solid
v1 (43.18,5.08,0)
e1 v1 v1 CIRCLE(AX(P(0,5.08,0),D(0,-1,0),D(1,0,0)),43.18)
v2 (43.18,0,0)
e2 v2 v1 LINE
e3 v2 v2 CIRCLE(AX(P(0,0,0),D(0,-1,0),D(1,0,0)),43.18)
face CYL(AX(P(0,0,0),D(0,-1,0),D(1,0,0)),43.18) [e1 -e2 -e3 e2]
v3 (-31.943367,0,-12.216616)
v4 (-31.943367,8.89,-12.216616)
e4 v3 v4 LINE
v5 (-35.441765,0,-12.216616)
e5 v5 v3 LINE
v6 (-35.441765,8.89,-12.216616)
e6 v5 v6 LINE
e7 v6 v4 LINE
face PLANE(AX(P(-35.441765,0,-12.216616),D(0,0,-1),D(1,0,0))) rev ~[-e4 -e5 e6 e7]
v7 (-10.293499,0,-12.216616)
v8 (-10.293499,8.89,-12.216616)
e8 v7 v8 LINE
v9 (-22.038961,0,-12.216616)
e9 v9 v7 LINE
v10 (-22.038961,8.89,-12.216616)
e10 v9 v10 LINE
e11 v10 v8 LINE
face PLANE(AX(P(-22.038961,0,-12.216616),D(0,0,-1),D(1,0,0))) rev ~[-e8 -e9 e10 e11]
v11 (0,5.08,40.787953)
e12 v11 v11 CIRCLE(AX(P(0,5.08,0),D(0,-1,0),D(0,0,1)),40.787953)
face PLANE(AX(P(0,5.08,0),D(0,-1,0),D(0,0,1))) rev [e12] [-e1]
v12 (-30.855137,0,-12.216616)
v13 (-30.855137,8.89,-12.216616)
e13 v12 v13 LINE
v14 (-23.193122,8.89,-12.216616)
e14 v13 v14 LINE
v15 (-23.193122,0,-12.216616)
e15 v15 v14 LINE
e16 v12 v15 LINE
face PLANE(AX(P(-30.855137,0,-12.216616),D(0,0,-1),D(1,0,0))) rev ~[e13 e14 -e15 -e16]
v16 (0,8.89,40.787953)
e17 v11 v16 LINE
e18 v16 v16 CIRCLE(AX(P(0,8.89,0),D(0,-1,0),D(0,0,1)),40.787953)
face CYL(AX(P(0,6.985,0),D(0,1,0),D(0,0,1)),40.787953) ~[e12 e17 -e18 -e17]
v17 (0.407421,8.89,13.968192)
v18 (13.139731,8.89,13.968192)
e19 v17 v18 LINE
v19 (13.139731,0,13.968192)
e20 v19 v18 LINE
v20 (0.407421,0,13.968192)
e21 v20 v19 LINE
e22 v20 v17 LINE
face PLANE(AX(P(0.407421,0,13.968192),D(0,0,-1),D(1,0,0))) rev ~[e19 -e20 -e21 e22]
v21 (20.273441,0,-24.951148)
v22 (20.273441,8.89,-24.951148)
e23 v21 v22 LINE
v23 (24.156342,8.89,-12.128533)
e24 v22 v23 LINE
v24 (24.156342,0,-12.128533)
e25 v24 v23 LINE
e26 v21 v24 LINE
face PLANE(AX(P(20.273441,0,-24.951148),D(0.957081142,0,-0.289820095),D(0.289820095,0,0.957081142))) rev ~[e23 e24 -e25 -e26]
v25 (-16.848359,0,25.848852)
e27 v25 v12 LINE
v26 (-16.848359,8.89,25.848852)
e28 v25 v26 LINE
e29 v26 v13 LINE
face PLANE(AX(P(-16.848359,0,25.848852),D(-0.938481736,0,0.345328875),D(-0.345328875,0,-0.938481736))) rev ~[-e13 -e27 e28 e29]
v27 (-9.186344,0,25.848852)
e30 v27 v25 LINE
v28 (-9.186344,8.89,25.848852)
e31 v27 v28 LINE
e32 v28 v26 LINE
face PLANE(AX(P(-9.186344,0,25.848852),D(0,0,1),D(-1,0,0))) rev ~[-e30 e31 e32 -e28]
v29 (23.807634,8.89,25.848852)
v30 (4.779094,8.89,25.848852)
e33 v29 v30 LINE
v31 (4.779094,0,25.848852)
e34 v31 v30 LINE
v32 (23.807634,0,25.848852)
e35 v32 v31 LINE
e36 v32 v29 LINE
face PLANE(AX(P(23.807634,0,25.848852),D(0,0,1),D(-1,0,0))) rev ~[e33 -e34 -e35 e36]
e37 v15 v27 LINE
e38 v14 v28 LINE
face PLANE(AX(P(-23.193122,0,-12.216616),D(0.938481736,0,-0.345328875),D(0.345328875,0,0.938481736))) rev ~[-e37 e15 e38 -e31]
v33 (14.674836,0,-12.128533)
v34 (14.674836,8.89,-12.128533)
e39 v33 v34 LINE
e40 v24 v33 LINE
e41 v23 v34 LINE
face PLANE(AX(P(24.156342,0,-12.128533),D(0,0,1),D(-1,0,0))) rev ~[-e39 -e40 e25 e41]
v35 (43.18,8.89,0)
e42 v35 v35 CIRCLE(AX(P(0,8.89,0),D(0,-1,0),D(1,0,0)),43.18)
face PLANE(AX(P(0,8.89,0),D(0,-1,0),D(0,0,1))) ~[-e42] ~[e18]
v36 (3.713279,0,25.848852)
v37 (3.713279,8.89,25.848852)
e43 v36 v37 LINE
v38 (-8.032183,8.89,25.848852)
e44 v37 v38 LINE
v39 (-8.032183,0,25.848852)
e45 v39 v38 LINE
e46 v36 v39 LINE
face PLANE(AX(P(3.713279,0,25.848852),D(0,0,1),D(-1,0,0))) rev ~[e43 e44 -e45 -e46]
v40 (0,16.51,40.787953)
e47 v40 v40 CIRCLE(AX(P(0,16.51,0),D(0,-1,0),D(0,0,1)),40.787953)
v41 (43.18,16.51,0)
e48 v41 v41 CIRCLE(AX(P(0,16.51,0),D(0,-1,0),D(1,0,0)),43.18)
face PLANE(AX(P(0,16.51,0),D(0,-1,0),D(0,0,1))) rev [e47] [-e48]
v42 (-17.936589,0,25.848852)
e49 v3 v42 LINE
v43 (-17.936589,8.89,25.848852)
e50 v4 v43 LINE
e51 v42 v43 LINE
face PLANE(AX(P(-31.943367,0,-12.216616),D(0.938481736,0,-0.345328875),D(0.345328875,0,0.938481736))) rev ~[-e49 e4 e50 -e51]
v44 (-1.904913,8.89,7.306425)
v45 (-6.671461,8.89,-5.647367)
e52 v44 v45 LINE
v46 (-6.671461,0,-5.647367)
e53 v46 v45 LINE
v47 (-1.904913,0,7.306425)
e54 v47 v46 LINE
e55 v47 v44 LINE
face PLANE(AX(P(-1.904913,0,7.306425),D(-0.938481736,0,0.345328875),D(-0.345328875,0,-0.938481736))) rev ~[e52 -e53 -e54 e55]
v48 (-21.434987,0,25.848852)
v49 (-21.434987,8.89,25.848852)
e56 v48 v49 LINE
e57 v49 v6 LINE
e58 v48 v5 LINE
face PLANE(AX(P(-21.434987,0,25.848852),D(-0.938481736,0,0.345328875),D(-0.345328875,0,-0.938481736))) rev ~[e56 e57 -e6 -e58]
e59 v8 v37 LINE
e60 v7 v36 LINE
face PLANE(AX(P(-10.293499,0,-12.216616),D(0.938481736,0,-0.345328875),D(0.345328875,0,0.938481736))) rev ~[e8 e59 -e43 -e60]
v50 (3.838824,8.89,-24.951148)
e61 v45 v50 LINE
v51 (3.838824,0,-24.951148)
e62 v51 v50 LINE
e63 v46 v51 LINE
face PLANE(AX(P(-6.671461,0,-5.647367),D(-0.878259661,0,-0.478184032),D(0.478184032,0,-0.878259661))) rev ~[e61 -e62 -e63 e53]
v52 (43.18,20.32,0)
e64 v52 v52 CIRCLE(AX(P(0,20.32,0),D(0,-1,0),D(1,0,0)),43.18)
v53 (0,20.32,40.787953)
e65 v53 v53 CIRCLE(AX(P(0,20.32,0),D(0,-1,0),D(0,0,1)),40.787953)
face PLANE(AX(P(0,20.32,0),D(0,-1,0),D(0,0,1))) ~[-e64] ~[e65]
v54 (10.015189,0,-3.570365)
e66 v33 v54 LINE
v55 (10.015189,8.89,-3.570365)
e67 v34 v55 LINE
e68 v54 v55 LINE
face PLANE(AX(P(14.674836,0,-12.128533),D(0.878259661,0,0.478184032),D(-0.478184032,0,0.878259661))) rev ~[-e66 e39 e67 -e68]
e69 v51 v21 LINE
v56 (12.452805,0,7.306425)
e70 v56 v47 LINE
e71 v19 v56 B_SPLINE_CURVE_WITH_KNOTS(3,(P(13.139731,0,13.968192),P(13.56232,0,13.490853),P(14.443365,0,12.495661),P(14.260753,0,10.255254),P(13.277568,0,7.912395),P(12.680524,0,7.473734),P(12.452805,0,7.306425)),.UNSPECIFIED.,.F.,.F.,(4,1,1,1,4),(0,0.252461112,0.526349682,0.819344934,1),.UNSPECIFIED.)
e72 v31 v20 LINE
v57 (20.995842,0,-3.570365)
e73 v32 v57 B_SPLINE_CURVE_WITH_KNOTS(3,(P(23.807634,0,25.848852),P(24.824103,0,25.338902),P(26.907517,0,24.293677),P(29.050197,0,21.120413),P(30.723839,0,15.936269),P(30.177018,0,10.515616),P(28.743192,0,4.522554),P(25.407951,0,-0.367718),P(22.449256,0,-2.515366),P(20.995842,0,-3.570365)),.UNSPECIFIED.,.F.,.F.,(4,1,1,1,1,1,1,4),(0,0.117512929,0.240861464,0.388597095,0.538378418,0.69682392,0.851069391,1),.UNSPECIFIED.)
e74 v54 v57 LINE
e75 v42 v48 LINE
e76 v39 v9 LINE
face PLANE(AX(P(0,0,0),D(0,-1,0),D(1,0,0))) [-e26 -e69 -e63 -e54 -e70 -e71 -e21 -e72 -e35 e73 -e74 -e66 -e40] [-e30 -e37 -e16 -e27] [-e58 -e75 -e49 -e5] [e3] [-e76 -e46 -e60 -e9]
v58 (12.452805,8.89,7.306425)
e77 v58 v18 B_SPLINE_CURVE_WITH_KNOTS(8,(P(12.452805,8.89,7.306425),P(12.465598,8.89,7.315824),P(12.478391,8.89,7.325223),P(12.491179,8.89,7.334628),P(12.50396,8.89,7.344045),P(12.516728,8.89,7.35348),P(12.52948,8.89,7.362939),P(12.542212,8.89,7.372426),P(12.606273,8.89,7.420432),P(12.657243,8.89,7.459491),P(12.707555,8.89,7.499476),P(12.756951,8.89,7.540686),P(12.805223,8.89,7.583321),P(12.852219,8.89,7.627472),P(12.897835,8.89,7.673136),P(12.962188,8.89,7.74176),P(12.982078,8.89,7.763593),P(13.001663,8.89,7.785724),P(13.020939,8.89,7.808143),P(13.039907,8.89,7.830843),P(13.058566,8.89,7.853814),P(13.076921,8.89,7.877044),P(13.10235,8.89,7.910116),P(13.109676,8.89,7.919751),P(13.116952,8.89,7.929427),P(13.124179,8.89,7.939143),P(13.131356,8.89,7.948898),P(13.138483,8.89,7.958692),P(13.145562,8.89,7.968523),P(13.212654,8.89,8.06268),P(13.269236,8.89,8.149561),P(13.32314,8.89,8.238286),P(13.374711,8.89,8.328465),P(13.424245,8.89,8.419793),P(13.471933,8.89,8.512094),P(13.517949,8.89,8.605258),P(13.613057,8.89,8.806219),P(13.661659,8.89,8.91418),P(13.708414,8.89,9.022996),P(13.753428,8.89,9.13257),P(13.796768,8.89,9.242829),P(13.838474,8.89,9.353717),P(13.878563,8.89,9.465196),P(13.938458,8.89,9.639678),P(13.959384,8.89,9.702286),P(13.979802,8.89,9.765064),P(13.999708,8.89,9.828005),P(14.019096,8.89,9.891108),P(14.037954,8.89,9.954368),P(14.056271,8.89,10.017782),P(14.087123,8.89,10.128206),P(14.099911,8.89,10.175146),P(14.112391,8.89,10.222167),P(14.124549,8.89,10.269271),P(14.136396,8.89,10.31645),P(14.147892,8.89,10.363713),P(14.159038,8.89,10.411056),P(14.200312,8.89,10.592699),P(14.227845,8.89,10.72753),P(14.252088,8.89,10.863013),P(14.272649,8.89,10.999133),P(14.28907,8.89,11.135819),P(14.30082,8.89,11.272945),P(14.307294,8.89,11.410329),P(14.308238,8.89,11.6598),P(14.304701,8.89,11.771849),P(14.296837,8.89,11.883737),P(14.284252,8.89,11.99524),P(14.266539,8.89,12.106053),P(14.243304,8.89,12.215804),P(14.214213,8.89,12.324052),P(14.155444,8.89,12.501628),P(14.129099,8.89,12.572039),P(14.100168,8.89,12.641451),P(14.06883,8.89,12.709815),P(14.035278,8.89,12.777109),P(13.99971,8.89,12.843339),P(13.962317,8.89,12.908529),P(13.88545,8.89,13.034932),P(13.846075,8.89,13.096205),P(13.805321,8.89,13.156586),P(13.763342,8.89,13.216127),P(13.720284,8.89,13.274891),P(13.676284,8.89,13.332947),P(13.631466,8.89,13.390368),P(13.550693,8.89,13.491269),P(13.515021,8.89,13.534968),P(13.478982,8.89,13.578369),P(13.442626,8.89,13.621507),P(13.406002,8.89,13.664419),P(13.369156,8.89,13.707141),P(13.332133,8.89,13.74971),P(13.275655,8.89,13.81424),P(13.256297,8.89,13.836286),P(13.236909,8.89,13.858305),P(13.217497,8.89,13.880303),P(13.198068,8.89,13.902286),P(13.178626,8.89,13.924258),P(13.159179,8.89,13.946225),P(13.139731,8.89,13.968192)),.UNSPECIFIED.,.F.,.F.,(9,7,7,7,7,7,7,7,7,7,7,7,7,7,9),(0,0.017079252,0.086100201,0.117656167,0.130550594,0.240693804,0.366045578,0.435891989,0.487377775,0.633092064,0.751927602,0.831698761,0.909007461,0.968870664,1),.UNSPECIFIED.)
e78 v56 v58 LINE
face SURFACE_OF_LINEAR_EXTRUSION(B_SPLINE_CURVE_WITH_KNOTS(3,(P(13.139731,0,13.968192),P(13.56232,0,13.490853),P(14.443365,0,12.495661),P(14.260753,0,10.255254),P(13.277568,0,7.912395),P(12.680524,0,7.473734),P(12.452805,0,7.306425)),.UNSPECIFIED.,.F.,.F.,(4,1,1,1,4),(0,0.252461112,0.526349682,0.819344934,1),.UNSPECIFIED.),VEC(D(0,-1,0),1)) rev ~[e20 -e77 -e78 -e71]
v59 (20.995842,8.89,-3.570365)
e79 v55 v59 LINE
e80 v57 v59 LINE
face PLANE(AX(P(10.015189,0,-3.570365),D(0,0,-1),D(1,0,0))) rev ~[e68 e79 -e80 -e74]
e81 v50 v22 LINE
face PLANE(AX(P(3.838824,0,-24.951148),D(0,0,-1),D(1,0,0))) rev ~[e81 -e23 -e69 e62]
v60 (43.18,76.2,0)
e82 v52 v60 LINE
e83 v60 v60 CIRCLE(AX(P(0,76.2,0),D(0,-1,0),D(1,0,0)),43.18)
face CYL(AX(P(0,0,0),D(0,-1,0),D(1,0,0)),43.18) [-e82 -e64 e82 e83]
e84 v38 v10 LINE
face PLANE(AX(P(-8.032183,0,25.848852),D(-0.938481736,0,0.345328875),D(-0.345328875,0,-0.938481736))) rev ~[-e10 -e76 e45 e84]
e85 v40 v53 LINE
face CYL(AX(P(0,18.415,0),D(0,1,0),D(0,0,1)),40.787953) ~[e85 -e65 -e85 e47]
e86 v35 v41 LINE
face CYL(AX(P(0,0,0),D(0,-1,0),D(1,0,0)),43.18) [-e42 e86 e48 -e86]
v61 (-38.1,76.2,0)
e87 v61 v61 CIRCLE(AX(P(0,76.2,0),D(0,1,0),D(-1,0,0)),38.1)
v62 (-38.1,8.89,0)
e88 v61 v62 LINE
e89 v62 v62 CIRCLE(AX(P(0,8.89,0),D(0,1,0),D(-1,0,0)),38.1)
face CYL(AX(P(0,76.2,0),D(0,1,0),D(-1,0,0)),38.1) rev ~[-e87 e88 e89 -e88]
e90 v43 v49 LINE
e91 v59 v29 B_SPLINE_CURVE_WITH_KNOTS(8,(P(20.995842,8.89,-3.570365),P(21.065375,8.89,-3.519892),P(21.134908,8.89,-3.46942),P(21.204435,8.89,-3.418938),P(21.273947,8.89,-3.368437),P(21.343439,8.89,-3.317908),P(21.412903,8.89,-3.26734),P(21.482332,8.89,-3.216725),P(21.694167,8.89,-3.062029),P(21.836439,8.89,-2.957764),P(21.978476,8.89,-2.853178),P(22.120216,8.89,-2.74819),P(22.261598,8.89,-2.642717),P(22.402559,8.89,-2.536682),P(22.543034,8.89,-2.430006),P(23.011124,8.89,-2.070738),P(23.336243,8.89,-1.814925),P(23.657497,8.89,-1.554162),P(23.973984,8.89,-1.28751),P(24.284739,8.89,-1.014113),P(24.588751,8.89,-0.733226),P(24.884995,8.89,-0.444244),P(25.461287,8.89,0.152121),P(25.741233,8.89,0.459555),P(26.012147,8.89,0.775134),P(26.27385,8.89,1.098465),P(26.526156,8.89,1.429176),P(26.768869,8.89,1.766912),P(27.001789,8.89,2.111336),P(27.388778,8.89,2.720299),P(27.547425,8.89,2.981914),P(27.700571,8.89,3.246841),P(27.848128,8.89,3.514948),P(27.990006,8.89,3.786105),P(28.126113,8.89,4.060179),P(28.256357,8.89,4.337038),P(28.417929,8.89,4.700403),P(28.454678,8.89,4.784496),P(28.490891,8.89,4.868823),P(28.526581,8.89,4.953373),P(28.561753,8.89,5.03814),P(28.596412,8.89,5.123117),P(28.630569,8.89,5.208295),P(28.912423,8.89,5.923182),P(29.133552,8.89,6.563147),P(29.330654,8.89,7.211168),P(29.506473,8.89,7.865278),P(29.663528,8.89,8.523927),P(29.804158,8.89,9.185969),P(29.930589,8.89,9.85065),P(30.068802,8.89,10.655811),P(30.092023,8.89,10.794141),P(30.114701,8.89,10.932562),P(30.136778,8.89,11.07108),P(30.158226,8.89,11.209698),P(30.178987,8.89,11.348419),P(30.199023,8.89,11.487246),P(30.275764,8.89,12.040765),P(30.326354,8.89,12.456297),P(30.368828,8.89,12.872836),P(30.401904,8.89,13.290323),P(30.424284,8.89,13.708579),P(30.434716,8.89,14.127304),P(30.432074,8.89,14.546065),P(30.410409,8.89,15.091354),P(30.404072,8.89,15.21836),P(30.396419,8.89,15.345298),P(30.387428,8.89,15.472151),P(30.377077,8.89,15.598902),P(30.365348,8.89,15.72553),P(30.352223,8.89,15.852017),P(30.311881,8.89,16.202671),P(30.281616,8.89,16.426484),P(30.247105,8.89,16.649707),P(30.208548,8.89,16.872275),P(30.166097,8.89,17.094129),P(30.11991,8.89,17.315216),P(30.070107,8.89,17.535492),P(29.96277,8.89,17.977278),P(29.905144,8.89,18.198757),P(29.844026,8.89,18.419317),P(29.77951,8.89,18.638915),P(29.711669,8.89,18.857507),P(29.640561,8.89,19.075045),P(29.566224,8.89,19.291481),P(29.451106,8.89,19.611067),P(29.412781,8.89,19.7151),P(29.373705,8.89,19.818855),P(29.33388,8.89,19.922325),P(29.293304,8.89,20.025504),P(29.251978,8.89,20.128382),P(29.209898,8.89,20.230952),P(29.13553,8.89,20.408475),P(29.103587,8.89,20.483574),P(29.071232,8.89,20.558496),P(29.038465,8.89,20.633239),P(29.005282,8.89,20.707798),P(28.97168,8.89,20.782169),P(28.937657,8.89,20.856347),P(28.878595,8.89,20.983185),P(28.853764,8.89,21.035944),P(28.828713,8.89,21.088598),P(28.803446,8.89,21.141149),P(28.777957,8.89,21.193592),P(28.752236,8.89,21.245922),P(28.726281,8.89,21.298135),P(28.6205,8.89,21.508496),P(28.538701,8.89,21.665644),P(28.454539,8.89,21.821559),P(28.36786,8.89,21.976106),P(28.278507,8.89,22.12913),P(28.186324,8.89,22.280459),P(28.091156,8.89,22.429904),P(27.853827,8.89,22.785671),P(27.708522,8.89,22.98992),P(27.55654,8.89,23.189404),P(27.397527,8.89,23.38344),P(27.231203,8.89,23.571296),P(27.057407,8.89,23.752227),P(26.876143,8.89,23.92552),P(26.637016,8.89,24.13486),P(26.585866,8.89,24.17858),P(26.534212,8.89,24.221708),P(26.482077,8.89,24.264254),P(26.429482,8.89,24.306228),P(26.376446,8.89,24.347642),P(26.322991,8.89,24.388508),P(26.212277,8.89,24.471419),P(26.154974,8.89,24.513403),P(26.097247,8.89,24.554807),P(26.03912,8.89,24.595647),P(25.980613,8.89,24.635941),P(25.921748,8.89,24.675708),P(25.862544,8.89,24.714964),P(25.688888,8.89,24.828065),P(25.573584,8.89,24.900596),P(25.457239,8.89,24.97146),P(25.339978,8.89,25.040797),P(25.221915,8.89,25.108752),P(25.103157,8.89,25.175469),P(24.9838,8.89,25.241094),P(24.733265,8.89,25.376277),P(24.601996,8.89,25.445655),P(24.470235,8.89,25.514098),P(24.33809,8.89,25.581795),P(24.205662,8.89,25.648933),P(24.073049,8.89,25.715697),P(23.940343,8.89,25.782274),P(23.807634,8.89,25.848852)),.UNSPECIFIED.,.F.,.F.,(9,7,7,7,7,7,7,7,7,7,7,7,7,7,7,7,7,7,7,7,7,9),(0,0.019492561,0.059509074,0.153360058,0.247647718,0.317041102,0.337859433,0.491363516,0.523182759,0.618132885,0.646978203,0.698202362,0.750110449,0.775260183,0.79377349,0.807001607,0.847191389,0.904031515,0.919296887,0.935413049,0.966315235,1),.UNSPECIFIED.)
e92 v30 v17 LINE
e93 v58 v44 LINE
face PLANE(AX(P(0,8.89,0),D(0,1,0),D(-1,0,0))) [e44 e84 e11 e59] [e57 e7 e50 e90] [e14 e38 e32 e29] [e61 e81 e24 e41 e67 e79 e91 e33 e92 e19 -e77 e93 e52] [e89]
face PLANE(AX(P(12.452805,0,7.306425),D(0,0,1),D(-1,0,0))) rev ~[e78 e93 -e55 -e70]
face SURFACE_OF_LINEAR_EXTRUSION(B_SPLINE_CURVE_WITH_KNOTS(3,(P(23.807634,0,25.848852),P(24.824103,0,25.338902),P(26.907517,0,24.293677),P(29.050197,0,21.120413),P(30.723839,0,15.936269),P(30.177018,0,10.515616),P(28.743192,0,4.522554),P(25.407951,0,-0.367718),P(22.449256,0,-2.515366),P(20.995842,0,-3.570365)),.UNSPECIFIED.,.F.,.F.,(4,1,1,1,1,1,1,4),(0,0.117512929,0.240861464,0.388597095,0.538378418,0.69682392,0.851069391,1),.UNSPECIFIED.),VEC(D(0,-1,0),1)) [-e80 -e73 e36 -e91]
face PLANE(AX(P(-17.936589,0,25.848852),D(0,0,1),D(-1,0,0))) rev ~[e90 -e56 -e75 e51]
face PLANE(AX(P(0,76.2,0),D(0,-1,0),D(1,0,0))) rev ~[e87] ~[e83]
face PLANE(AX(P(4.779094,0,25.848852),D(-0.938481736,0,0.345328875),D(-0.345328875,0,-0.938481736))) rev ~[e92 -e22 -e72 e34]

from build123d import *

# Parameters (mm, degrees)
F0_R     = 43.18
F1_DEPTH = 76.2
F3_DEPTH = 76.201
F4_R     = 38.1
F5_DEPTH = 67.31
F6_W     = 3.81
F6_H     = 2.54


with BuildPart() as f1:
    # F0 (on Front) → F1 (new body)
    with BuildSketch(Plane.XZ):
        Circle(F0_R)
    extrude(amount=-F1_DEPTH)

    # F2 (on Front) → F3 (cut, through all)
    with BuildSketch(Plane.XZ):
        Polygon((-21.434986513, 25.8488521843), (-35.4417645981, -12.2166163401), (-31.9433667717, -12.2166163401), (-17.9365886866, 25.8488521843), align=None)
        Polygon((-22.0389613365, -12.2166163401), (-10.2934986338, -12.2166163401), (3.7132794513, 25.8488521843), (-8.0321832514, 25.8488521843), align=None)
        Polygon((-16.8483592018, 25.8488521843), (-30.8551372869, -12.2166163401), (-23.1931219477, -12.2166163401), (-9.1863438626, 25.8488521843), align=None)
        with BuildLine():
            Line((4.7790936304, 25.8488521843), (0.4074209647, 13.9681921752))
            Line((0.4074209647, 13.9681921752), (13.1397311344, 13.9681921752))
            add(Edge.make_bspline(
                [(13.1397311344, 13.9681921752), (13.5623199674, 13.4908529986), (14.4433645606, 12.4956608219), (14.2607531046, 10.2552541119), (13.2775679328, 7.9123953601), (12.6805237168, 7.4737343771), (12.4528049578, 7.3064246)],
                knots=[0, 0, 0, 0, 0.2524611124, 0.5263496824, 0.8193449335, 1, 1, 1, 1], degree=3))
            Line((12.4528049578, 7.3064246), (-1.9049127084, 7.3064246))
            Line((-1.9049127084, 7.3064246), (-6.6714608383, -5.6473672505))
            Line((-6.6714608383, -5.6473672505), (3.8388244906, -24.9511478157))
            Line((3.8388244906, -24.9511478157), (20.2734413777, -24.9511478157))
            Line((20.2734413777, -24.9511478157), (24.1563424543, -12.1285331834))
            Line((24.1563424543, -12.1285331834), (14.6748356249, -12.1285331834))
            Line((14.6748356249, -12.1285331834), (10.0151892599, -3.5703648629))
            Line((10.0151892599, -3.5703648629), (20.99584212, -3.5703648629))
            add(Edge.make_bspline(
                [(23.8076338339, 25.8488521843), (24.8241026662, 25.3389018018), (26.9075174339, 24.2936772717), (29.0501970552, 21.1204133476), (30.72383942, 15.9362694954), (30.1770180196, 10.5156157051), (28.7431916568, 4.5225535349), (25.4079508495, -0.3677177865), (22.4492557888, -2.5153656953), (20.99584212, -3.5703648629)],
                knots=[0, 0, 0, 0, 0.1175129286, 0.2408614638, 0.3885970952, 0.5383784175, 0.6968239202, 0.8510693906, 1, 1, 1, 1], degree=3))
            Line((23.8076338339, 25.8488521843), (4.7790936304, 25.8488521843))
        make_face()
    extrude(amount=-F3_DEPTH, mode=Mode.SUBTRACT)

    # F4 (on face) → F5 (cut)
    with BuildSketch(Plane(origin=(0, 76.2, 0), x_dir=(-1, 0, 0), z_dir=(0, 1, 0))):
        Circle(F4_R)
    extrude(amount=-F5_DEPTH, mode=Mode.SUBTRACT)

    # F6 (on Right) → F7 (revolve, cut)
    with BuildSketch(Plane.YZ):
        with Locations((6.985, 42.0579532842)):
            Rectangle(F6_W, F6_H)
        with Locations((18.415, 42.0579532842)):
            Rectangle(F6_W, F6_H)
    revolve(axis=Axis((0, 34.9276592024, 0), (0, -1, 0)), mode=Mode.SUBTRACT)


solid = f1.part
